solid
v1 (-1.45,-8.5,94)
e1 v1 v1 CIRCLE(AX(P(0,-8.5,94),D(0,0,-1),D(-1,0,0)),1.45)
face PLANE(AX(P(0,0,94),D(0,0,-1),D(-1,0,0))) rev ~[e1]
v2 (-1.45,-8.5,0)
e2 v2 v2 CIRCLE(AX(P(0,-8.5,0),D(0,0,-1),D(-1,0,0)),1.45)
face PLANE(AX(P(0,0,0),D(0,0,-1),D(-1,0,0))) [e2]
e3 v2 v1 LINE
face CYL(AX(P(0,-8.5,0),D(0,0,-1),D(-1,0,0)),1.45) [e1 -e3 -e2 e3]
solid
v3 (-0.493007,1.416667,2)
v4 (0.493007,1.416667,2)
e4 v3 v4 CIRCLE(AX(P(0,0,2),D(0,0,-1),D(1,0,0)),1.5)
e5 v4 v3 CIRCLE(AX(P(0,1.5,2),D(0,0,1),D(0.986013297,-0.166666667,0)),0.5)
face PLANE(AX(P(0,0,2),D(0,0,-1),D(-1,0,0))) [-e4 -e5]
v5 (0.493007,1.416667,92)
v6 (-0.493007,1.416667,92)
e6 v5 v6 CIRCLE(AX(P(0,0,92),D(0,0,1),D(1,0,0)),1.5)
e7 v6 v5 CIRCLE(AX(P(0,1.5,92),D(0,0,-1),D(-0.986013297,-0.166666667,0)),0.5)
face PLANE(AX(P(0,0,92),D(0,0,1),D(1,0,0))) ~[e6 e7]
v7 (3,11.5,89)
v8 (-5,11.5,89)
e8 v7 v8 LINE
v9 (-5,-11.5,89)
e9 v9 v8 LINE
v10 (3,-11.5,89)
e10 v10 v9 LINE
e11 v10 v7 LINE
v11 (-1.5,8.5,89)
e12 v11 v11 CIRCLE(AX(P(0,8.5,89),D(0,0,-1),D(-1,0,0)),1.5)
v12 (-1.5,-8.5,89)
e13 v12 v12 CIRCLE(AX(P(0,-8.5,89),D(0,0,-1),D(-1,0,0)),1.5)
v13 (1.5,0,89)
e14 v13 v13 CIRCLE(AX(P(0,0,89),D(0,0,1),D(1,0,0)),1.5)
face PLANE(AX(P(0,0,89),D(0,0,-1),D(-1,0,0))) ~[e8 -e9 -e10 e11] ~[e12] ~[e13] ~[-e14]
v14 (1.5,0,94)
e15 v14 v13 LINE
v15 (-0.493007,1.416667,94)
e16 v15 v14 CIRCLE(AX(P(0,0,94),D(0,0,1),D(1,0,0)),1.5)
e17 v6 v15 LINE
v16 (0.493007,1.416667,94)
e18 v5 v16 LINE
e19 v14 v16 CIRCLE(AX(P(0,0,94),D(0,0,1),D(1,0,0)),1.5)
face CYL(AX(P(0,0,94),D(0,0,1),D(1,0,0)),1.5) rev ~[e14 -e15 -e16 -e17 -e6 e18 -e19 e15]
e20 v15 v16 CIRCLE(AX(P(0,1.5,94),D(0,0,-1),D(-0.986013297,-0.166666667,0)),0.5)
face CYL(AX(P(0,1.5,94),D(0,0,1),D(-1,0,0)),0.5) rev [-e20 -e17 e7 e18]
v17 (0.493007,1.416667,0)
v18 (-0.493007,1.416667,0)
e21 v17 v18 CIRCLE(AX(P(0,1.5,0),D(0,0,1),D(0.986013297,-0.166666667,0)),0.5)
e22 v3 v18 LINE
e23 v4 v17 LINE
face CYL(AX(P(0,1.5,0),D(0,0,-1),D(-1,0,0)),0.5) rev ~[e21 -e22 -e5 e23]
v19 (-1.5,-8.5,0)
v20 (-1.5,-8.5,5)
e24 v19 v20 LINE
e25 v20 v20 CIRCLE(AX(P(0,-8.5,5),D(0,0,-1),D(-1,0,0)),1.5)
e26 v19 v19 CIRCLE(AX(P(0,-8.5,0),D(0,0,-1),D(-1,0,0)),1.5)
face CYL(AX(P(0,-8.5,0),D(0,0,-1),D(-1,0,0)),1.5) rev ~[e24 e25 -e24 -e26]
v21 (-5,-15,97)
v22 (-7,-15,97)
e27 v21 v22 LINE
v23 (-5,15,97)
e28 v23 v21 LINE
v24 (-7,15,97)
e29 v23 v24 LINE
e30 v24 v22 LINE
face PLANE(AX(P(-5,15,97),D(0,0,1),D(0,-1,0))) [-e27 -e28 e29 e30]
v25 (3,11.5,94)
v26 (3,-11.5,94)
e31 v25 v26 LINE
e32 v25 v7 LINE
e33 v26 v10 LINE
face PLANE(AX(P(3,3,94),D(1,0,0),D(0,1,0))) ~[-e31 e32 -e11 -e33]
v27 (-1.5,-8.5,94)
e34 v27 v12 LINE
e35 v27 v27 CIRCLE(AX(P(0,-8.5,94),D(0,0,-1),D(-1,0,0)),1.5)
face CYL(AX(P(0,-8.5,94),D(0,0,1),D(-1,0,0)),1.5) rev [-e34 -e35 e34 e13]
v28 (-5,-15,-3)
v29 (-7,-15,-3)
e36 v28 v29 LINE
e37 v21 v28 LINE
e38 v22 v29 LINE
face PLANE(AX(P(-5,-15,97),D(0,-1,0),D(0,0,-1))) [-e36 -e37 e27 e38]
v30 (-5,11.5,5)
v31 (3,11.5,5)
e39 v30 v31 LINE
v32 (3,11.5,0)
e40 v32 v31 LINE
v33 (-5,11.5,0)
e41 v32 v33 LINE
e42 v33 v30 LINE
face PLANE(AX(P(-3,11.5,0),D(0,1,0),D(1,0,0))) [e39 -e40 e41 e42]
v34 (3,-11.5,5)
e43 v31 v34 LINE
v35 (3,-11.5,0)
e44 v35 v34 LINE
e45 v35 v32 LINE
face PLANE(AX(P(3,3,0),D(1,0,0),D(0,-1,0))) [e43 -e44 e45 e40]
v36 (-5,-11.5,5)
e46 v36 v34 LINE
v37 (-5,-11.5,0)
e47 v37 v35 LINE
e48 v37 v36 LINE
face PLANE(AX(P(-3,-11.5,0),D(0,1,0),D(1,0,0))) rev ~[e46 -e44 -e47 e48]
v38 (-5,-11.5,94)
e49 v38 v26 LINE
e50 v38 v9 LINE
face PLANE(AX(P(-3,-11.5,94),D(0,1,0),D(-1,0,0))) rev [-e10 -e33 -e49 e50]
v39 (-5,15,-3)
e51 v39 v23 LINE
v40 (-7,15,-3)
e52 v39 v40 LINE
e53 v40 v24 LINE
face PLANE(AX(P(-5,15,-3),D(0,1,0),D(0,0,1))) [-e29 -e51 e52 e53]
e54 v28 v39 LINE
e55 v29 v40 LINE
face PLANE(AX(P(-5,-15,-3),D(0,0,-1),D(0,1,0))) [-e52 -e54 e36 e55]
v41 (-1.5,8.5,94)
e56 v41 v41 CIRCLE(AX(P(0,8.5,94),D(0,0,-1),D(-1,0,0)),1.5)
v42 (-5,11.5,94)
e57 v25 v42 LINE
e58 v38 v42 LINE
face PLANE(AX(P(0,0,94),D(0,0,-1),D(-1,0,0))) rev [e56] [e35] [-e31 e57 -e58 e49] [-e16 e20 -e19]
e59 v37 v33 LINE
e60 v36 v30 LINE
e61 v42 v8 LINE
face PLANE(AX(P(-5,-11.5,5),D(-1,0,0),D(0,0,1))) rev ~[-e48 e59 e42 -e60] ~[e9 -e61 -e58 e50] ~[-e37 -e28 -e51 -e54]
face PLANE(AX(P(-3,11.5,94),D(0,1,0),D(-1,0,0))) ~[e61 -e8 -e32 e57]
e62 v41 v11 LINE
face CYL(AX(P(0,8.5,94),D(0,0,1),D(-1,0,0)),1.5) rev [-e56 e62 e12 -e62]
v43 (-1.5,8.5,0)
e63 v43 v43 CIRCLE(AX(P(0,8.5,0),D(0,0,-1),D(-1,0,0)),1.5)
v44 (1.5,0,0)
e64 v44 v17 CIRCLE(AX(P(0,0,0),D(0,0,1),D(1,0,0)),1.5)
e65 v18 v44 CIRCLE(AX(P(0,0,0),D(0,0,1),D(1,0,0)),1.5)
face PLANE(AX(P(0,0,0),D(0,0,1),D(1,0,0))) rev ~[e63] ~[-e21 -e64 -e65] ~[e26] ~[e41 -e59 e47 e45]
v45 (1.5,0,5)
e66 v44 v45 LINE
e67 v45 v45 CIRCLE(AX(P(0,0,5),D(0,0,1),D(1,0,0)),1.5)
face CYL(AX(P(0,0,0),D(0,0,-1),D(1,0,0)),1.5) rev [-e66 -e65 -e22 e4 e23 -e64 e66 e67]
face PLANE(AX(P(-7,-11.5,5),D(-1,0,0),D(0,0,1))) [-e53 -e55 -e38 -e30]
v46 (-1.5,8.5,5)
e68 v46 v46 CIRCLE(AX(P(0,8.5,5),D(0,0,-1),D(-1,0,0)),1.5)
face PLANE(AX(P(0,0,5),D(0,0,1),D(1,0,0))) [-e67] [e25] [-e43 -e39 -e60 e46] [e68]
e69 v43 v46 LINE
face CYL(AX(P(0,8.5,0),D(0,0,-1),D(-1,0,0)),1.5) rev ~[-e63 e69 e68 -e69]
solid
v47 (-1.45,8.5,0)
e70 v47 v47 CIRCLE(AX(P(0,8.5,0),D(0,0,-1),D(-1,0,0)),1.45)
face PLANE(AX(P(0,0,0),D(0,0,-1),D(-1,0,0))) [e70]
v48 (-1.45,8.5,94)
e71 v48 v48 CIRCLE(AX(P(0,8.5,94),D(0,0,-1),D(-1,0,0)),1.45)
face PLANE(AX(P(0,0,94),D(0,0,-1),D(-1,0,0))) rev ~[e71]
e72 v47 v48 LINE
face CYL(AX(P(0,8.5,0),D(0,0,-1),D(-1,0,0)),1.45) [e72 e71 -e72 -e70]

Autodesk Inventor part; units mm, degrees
ref_plane "YZ Plane" through (0, 0, 0) normal (1, 0, 0) x (0, 1, 0)
ref_plane "XZ Plane" through (0, 0, 0) normal (0, 1, 0) x (-1, 0, 0)
sketch "Sketch1" plane through (0, 0, 0) normal (0, 0, 1) x (1, 0, 0)
  circle A0 centre (0, 0) radius 1.5
  line L0 (3, 3) -> (3, -3)
  line L1 (3, -3) -> (-3, -3)
  line L2 (-3, -3) -> (-3, 3)
  line L3 (-3, 3) -> (3, 3)
  dimension "d0" = 3
  dimension "d1" = 6
extrude "Extrusion1" add sketch "Sketch1" along normal blind 5
sketch "Sketch13" plane through (0, 0, 0) normal (0, 0, -1) x (-1, 0, 0)
  circle A0 centre (0, 0) radius 1.5 projected
  line L0 (3, 3) -> (-3, 3) projected
  line L1 (0, 0) -> (0, 1.5)
  circle A1 centre (0, 1.5) radius 0.5
  dimension "d63" = 1
extrude "Extrusion11" cut sketch "Sketch13" against normal blind 2 contours A1 L1 A0 | A0 A1 | A0 L1 A1 picked at (-0.1081, 1.6551)
thread "Thread2" size "M1x0.25" class "6H" standard "ANSI Metric M Profile" full length
ref_plane "Work Plane3" through (0, 0, 47) normal (0, 0, 1) x (1, 0, 0)
sketch "Sketch15" plane through (0, 0, 0) normal (0, 0, -1) x (-1, 0, 0)
  line L0 (-3, 3) -> (-3, -3) projected
  line L1 (3, -3) -> (3, 3) projected
  line L2 (3, 3) -> (-3, 3) projected
  arc A0 (-0.493, 1.4167) -> (0.493, 1.4167) centre (0, 0) ccw projected
  line L3 (0, 0) -> (0, 3) construction
  line L4 (0, 0) -> (0, 8.5) construction
  circle A1 centre (0, 8.5) radius 1.5
  line L5 (-3, 3) -> (3, 3)
  line L6 (3, 3) -> (3, 11.5)
  line L7 (3, 11.5) -> (-3, 11.5)
  line L8 (-3, 11.5) -> (-3, 3)
  line L9 (-3, 0) -> (3, 0) construction
  line L10 (3, -3) -> (-3, -3)
  circle A2 centre (0, -8.5) radius 1.5
  line L11 (-3, -3) -> (3, -3)
  line L12 (3, -3) -> (3, -11.5)
  line L13 (3, -11.5) -> (-3, -11.5)
  line L14 (-3, -11.5) -> (-3, -3)
  point P0 (0, -3)
  dimension "d76" = 3
  dimension "d77" = 8.5
  dimension "d78" = 3
extrude "Extrusion13" add sketch "Sketch15" against normal up to surface (5 mm away) contours L8 L7 L6 L2 | L10 L12 L13 L14
mirror "Mirror2" about plane through (0, 0, 47) normal (0, 0, 1) of "Extrusion1", "Extrusion11", "Extrusion13"
sketch "Sketch16" plane through (0, 0, 0) normal (0, 0, -1) x (-1, 0, 0)
  circle A0 centre (0, 8.5) radius 1.5 projected
  circle A1 centre (0, -8.5) radius 1.5 projected
  circle A2 centre (0, 8.5) radius 1.45
  circle A3 centre (0, -8.5) radius 1.45
  dimension "d81" = 0.05
extrude "Extrusion14" add sketch "Sketch16" against normal up to surface (94 mm away) contours A2 | A3
sketch "Sketch17" plane through (-3, -11.5, 5) normal (-1, 0, 0) x (0, 0, 1)
  line L0 (0, 0) -> (0, 23) projected
  line L1 (-5, 23) -> (0, 23) projected
  line L2 (-5, 0) -> (-5, 23) projected
  line L3 (-5, 0) -> (0, 0) projected
  line L4 (84, 0) -> (84, 23) projected
  line L5 (89, 0) -> (84, 0) projected
  line L6 (89, 0) -> (89, 23) projected
  line L7 (89, 23) -> (84, 23) projected
extrude "Extrusion15" add sketch "Sketch17" along normal blind 2
sketch "Sketch18" plane through (-5, -11.5, 5) normal (-1, 0, 0) x (0, 0, 1)
  line L0 (84, 23) -> (89, 23) projected
  line L1 (84, 0) -> (84, 23) projected
  line L2 (89, 0) -> (84, 0) projected
  line L3 (89, 23) -> (89, 0) projected
  line L4 (-8, 26.5) -> (92, 26.5)
  line L5 (92, 26.5) -> (92, -3.5)
  line L6 (92, -3.5) -> (-8, -3.5)
  line L7 (-8, -3.5) -> (-8, 26.5)
  line L8 (89, 23) -> (89, 26.5) construction
  line L9 (89, 0) -> (89, -3.5) construction
  line L10 (89, 0) -> (92, 0) construction
  line L11 (-5, 0) -> (-8, 0) construction
  dimension "d86" = 30
  dimension "d87" = 100
extrude "Extrusion16" add sketch "Sketch18" along normal blind 2 contours L0 L3 L2 L1 | L4 L5 L6 L7
properties part number "Bearing2"
